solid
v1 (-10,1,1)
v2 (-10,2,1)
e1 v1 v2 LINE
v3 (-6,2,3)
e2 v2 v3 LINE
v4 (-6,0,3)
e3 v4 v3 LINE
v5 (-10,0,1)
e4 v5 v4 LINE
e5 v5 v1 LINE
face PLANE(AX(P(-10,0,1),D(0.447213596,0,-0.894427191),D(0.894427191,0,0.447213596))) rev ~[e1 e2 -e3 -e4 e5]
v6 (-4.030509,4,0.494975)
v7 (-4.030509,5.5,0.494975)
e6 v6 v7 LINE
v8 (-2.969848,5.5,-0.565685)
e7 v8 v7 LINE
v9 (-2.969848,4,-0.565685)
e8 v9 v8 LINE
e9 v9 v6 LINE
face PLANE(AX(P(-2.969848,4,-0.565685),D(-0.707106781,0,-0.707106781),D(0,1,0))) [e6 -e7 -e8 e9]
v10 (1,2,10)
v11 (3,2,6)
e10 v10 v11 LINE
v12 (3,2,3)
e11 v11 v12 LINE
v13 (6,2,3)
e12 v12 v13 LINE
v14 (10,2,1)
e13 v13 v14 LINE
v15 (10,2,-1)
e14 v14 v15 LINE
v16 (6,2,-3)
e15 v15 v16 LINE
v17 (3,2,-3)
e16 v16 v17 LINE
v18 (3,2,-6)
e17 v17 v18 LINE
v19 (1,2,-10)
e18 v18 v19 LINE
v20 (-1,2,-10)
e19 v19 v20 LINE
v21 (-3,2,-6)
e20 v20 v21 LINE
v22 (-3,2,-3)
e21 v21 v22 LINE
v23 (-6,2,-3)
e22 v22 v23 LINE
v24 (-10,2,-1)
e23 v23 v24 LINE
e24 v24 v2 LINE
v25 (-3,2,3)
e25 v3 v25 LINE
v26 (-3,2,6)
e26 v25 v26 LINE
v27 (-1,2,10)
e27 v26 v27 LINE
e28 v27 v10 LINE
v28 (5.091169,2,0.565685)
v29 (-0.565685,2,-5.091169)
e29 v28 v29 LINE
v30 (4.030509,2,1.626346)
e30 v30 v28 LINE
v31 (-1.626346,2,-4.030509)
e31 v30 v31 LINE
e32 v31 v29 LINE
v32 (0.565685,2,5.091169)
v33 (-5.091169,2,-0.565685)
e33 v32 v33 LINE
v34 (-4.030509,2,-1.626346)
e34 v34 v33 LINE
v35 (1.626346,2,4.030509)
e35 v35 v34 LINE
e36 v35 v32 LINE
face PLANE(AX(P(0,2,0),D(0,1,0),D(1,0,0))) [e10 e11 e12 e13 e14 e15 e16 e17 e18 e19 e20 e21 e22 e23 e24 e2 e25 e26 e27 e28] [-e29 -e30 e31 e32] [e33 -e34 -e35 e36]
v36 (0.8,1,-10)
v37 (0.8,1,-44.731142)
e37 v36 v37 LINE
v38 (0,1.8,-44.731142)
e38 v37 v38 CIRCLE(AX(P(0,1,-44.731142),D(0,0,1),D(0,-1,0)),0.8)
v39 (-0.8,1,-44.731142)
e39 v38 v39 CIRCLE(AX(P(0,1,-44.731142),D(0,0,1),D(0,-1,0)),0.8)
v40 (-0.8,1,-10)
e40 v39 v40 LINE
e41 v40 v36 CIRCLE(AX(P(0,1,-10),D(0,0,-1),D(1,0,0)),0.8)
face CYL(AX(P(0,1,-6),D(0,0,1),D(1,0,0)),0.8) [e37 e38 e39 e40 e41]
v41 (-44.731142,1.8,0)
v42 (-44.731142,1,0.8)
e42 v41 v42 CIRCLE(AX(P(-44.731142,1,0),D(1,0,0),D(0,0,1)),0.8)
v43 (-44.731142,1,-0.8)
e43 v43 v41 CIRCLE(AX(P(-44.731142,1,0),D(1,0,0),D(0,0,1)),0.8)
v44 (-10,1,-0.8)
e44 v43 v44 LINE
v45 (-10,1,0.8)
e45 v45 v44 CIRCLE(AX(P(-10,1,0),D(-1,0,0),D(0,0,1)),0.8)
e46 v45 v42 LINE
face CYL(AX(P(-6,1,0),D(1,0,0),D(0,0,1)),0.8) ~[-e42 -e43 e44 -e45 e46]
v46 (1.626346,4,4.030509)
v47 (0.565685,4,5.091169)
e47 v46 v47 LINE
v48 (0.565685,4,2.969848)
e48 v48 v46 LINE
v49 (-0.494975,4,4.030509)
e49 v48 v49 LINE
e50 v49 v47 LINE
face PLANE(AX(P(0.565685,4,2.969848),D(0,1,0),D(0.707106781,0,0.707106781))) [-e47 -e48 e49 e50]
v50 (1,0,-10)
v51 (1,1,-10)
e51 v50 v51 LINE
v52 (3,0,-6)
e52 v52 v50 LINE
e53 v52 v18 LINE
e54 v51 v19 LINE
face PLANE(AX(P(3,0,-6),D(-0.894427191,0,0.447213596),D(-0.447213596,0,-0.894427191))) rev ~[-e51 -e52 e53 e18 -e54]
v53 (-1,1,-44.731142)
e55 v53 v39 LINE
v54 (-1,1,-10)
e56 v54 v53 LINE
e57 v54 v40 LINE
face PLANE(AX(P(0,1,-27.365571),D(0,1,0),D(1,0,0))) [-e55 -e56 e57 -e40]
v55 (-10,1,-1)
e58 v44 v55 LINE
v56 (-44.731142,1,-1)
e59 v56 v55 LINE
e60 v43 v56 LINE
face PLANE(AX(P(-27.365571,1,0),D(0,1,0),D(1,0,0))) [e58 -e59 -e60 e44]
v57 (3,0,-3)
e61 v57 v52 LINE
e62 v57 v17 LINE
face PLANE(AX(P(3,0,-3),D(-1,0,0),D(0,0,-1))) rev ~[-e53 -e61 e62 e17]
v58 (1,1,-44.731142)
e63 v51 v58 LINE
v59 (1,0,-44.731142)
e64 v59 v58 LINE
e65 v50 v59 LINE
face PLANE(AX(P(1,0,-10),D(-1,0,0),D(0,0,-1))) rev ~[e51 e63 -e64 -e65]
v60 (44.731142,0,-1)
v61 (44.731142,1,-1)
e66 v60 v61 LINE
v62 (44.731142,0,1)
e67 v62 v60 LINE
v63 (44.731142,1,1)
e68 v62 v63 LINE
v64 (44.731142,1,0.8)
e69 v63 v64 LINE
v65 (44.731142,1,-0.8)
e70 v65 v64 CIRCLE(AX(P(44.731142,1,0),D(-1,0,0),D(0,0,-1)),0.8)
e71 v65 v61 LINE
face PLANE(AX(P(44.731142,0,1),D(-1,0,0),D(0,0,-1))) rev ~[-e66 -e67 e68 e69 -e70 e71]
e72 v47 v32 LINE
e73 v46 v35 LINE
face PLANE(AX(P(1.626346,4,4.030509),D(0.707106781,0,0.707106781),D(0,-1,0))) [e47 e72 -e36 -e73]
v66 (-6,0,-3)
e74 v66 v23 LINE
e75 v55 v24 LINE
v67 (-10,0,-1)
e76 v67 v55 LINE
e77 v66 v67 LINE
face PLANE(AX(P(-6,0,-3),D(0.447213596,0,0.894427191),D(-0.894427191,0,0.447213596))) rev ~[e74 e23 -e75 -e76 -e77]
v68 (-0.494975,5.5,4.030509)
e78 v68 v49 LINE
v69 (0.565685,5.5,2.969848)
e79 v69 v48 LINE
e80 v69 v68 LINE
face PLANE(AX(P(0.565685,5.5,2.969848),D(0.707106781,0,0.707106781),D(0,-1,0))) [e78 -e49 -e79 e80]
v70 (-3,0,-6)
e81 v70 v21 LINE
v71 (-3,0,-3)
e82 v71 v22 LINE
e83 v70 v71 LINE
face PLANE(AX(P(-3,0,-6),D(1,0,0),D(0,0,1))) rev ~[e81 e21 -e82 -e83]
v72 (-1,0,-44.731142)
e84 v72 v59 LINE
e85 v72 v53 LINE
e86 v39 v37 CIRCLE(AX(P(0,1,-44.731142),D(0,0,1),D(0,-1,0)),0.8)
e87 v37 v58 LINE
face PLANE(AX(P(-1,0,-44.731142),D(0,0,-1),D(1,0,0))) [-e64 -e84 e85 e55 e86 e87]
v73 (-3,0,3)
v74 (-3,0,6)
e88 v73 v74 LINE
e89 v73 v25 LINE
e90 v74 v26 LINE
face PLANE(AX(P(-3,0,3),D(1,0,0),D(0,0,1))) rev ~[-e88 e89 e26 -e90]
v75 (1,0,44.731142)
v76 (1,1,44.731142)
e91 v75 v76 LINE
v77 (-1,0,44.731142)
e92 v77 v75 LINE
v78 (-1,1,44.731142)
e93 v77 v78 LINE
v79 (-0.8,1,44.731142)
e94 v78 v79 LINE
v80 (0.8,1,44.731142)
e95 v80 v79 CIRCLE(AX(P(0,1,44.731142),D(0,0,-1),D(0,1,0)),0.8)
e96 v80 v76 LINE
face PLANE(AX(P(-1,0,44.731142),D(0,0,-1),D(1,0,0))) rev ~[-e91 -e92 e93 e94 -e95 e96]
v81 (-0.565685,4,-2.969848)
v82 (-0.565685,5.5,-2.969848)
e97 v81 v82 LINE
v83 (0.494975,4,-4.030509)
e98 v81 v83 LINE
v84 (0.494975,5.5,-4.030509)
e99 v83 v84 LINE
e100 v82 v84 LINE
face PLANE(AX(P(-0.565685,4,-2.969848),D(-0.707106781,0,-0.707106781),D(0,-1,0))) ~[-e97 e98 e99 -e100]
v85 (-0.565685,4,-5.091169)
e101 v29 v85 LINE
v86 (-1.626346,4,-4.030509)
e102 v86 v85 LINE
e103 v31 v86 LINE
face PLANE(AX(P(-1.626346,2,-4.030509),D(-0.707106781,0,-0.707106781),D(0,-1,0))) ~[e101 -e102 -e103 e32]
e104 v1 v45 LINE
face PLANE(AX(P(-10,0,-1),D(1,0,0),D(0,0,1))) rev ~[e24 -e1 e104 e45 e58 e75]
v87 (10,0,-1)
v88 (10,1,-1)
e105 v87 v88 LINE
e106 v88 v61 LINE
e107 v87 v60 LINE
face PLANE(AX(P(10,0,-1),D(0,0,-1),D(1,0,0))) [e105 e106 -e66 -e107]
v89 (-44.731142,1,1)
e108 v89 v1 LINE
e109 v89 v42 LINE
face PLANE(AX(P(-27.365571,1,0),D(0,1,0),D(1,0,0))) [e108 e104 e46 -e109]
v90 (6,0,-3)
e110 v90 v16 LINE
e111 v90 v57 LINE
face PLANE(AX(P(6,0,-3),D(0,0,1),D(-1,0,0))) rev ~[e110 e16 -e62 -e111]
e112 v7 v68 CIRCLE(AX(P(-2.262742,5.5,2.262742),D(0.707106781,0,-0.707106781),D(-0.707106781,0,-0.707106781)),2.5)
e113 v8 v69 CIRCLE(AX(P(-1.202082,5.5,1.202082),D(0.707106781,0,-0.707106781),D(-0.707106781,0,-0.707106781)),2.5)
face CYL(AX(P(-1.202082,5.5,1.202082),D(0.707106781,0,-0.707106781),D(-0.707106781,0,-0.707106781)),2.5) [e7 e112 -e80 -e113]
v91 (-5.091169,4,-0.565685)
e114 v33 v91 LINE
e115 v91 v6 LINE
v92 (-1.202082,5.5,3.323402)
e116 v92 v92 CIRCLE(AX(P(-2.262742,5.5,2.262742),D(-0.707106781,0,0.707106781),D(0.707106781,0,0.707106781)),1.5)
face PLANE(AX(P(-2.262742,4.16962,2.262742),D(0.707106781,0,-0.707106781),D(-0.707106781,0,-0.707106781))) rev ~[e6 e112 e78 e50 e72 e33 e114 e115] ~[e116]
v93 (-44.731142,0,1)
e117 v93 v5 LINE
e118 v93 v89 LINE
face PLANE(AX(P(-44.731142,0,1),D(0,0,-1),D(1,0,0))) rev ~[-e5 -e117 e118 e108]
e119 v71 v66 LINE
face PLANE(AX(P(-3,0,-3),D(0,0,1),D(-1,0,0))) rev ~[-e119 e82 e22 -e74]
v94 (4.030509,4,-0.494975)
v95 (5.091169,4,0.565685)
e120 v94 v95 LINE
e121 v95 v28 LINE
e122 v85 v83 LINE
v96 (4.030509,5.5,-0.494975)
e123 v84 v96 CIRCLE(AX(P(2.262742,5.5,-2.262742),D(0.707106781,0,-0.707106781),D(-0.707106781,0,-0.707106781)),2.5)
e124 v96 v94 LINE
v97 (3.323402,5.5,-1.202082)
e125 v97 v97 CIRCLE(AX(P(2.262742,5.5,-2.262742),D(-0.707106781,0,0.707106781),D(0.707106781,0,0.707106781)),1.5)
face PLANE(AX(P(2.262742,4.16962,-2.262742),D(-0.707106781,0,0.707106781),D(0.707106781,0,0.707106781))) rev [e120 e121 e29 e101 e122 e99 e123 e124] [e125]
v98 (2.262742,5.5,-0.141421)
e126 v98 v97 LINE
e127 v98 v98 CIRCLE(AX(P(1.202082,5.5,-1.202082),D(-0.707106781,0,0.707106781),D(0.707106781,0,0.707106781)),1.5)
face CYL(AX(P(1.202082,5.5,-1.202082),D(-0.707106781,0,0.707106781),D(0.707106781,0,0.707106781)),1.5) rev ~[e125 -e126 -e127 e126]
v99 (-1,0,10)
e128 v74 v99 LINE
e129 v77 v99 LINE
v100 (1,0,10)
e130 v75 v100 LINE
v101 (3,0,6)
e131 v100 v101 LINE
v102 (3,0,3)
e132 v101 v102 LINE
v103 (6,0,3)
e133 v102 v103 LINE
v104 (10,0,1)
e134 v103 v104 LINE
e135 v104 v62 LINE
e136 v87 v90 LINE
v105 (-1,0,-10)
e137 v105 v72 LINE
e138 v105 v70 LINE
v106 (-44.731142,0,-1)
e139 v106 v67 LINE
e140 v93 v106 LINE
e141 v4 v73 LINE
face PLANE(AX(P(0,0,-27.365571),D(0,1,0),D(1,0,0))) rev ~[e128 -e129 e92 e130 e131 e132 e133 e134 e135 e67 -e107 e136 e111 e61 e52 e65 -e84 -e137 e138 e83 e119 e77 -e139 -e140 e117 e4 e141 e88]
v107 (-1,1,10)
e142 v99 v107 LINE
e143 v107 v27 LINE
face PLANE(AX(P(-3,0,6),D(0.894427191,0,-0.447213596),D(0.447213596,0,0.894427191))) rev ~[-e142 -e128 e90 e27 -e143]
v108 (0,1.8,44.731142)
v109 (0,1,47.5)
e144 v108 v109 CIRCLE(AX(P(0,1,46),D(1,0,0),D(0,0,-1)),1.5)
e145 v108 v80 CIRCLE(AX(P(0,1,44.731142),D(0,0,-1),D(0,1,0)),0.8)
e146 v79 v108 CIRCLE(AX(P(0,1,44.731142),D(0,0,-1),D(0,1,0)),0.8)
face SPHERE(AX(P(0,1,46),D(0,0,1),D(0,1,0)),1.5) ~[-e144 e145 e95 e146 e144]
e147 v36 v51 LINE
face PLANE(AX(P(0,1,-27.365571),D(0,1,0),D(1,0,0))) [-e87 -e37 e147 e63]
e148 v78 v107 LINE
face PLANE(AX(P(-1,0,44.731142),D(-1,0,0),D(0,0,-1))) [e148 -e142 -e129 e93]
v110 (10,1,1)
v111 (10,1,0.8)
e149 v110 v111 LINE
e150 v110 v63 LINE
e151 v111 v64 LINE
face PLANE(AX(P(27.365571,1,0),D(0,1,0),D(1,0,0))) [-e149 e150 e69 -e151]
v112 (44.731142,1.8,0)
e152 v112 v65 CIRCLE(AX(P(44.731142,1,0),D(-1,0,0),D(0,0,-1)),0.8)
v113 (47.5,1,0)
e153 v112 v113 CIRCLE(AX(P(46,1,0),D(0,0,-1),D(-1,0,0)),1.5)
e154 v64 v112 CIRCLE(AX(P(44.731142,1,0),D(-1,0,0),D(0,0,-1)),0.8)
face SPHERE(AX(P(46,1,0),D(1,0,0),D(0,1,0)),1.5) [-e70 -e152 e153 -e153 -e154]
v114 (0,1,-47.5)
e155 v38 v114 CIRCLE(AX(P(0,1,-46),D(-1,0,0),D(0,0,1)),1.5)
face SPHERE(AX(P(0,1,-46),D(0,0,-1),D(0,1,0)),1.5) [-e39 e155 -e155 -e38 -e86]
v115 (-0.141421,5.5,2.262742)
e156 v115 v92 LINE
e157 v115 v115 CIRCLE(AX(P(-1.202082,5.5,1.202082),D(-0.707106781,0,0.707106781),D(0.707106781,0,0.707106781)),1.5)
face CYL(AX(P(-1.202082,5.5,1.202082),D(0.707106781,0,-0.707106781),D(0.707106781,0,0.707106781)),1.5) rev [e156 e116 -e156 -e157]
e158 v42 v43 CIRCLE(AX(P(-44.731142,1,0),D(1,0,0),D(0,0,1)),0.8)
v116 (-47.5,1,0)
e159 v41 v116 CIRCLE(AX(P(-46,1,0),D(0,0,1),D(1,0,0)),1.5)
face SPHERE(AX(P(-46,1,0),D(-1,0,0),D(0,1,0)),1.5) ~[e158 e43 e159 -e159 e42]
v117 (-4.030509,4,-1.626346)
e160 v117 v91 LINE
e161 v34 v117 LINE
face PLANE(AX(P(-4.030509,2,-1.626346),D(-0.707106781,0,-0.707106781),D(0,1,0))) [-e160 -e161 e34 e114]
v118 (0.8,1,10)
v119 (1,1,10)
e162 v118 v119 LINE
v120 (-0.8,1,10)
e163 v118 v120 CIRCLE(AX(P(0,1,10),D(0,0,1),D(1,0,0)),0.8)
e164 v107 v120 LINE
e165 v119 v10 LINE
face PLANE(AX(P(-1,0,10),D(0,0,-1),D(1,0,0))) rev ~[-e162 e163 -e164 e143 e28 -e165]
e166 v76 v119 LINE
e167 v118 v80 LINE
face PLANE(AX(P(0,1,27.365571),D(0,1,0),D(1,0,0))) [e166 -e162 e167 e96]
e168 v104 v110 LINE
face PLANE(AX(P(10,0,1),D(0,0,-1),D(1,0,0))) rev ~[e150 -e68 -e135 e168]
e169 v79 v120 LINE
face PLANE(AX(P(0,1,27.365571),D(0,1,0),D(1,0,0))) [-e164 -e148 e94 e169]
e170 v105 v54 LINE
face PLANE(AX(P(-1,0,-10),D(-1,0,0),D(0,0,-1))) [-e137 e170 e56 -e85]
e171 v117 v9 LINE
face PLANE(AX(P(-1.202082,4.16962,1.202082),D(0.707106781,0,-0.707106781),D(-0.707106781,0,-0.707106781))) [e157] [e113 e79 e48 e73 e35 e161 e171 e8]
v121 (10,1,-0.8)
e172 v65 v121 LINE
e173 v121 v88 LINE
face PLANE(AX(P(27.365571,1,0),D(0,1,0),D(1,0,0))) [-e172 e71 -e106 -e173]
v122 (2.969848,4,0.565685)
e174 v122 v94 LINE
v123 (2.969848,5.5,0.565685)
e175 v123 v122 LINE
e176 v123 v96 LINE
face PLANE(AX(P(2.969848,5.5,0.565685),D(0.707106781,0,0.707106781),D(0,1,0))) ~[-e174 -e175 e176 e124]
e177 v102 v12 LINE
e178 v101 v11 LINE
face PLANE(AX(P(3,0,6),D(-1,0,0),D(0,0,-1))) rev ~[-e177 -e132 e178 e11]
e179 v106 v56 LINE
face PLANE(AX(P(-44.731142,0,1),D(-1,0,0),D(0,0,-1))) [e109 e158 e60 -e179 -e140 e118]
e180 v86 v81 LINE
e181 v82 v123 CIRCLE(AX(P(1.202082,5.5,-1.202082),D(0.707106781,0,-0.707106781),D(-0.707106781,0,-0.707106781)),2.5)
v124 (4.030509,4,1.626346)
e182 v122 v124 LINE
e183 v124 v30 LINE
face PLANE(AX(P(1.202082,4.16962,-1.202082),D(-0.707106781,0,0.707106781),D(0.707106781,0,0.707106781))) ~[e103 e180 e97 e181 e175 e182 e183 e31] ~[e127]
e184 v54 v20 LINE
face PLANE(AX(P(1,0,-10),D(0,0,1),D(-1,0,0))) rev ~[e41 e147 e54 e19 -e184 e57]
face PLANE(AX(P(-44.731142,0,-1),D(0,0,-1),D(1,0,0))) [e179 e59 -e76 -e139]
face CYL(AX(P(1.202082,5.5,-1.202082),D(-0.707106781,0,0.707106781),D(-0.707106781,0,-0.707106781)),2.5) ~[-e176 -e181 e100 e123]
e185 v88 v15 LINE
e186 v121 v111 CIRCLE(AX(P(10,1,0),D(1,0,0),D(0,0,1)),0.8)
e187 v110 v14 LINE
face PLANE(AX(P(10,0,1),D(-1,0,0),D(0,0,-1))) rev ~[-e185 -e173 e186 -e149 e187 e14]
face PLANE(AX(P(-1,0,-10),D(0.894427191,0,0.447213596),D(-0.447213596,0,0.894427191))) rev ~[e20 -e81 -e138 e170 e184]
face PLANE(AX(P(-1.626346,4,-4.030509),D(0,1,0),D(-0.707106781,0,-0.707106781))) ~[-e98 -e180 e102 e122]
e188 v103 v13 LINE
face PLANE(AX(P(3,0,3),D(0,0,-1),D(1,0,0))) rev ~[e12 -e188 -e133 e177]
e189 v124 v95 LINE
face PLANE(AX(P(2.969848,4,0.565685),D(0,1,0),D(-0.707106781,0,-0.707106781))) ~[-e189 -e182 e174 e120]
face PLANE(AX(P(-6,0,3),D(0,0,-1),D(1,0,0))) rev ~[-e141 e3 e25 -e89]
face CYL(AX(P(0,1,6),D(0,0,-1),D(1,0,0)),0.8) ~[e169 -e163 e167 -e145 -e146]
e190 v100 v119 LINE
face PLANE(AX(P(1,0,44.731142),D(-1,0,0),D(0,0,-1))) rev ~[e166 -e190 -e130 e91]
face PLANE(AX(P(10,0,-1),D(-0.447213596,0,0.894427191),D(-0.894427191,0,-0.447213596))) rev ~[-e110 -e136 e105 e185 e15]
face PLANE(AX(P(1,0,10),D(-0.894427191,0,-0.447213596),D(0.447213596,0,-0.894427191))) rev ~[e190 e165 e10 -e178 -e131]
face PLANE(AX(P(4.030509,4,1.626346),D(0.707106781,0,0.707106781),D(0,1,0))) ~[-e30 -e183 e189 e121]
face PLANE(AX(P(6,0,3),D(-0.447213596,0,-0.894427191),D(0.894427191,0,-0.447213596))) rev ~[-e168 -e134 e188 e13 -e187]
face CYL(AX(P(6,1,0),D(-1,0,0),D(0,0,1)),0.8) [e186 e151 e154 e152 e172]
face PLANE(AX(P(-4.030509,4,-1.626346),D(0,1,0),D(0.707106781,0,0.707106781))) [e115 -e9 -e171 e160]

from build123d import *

# Parameters (mm, degrees)
EXTRUDE_1_DEPTH     = 2
SKETCH_2_R          = 0.8
CUT_EXTRUDE_1_DEPTH = 4
SKETCH_3_R          = 0.8
CUT_EXTRUDE_2_DEPTH = 4
SKETCH_4_R          = 0.8
CUT_EXTRUDE_3_DEPTH = 4
SKETCH_5_R          = 0.8
CUT_EXTRUDE_4_DEPTH = 4
SKETCH_9_R          = 1.5
EXTRUDE_2_DEPTH     = 1.5
SKETCH_10_R         = 0.8
EXTRUDE_3_DEPTH     = 40
SKETCH_11_R         = 0.8
EXTRUDE_4_DEPTH     = 40
SKETCH_15_W         = 2
SKETCH_15_H         = 34.731142246
SKETCH_15_W_2       = 34.731142246
SKETCH_15_H_2       = 2
EXTRUDE_6_DEPTH     = 1


with BuildPart() as part:
    # 草图1 → 凸台-拉伸1 (new body)
    with BuildSketch(Plane(origin=(0, 0, 0), x_dir=(1, 0, 0), z_dir=(0, 1, 0))):
        Polygon((3, -3), (6, -3), (10, -1), (10, 1), (6, 3), (3, 3), (3, 6), (1, 10), (-1, 10), (-3, 6), (-3, 3), (-6, 3), (-10, 1), (-10, -1), (-6, -3), (-3, -3), (-3, -6), (-1, -10), (1, -10), (3, -6), align=None)
    extrude(amount=EXTRUDE_1_DEPTH)

    # 草图2 → 切除-拉伸1 (cut)
    with BuildSketch(Plane.XY.offset(10)):
        with Locations((0, 1)):
            Circle(SKETCH_2_R)
    extrude(amount=-CUT_EXTRUDE_1_DEPTH, mode=Mode.SUBTRACT)

    # 草图3 → 切除-拉伸2 (cut)
    with BuildSketch(Plane(origin=(10, 0, 0), x_dir=(0, 0, -1), z_dir=(1, 0, 0))):
        with Locations((0, 1)):
            Circle(SKETCH_3_R)
    extrude(amount=-CUT_EXTRUDE_2_DEPTH, mode=Mode.SUBTRACT)

    # 草图4 → 切除-拉伸3 (cut)
    with BuildSketch(Plane(origin=(0, 0, -10), x_dir=(-1, 0, 0), z_dir=(0, 0, -1))):
        with Locations((0, 1)):
            Circle(SKETCH_4_R)
    extrude(amount=-CUT_EXTRUDE_3_DEPTH, mode=Mode.SUBTRACT)

    # 草图5 → 切除-拉伸4 (cut)
    with BuildSketch(Plane.ZY.offset(10)):
        with Locations((0, 1)):
            Circle(SKETCH_5_R)
    extrude(amount=-CUT_EXTRUDE_4_DEPTH, mode=Mode.SUBTRACT)

    # 草图9 → 凸台-拉伸2 (add)
    with BuildSketch(Plane(origin=(-1.202081528, 0, 1.202081528), x_dir=(0.707106781, 0, 0.707106781), z_dir=(-0.707106781, 0, 0.707106781))):
        with BuildLine():
            Line((2.5, 5.5), (2.5, 4))
            Line((2.5, 4), (4, 4))
            Line((4, 4), (4, 2))
            Line((4, 2), (-4, 2))
            Line((-4, 2), (-4, 4))
            Line((-4, 4), (-2.5, 4))
            Line((-2.5, 4), (-2.5, 5.5))
            ThreePointArc((-2.5, 5.5), (0, 8), (2.5, 5.5))
        make_face()
        with Locations((0, 5.5)):
            Circle(SKETCH_9_R, mode=Mode.SUBTRACT)
    extrude_2 = extrude(amount=EXTRUDE_2_DEPTH)

    # 镜向1: 凸台-拉伸2 across plane
    add(extrude_2.mirror(Plane(origin=(0, 0, 0), x_dir=(0.707106781, 0, 0.707106781), z_dir=(-0.707106781, 0, 0.707106781))))

    # 草图10 → 凸台-拉伸3 (add)
    with BuildSketch(Plane.ZY.offset(6)):
        with Locations((0, 1)):
            Circle(SKETCH_10_R)
    extrude_3 = extrude(amount=EXTRUDE_3_DEPTH)

    # 草图11 → 凸台-拉伸4 (add)
    with BuildSketch(Plane.XY.offset(6)):
        with Locations((0, 1)):
            Circle(SKETCH_11_R)
    extrude_4 = extrude(amount=EXTRUDE_4_DEPTH)

    # 镜向2: 凸台-拉伸4 across plane
    add(extrude_4.mirror(Plane.XY))

    # 镜向3: 凸台-拉伸3 across plane
    add(extrude_3.mirror(Plane(origin=(0, 0, 0), x_dir=(0, 0, 1), z_dir=(1, 0, 0))))

    # 草图12 → 旋转1 (revolve)
    with BuildSketch(Plane(origin=(0, 0, 0), x_dir=(0, 0, -1), z_dir=(1, 0, 0))):
        with BuildLine():
            Line((-47.5, 1), (-44.5, 1))
            ThreePointArc((-44.5, 1), (-46, 2.5), (-47.5, 1))
        make_face()
    revolve_1 = revolve(axis=Axis((0, 1, 47.5), (0, 0, -1)))

    # 草图14 → 旋转2 (revolve)
    with BuildSketch(Plane.XY):
        with BuildLine():
            Line((-47.5, 1), (-44.5, 1))
            ThreePointArc((-44.5, 1), (-46, 2.5), (-47.5, 1))
        make_face()
    revolve_2 = revolve(axis=Axis((-47.5, 1, 0), (1, 0, 0)))

    # 镜向4: 旋转1 across plane
    add(revolve_1.mirror(Plane.XY))

    # 镜向5: 旋转2 across plane
    add(revolve_2.mirror(Plane(origin=(0, 0, 0), x_dir=(0, 0, 1), z_dir=(1, 0, 0))))

    # 草图15 → 凸台-拉伸6 (add)
    with BuildSketch(Plane(origin=(0, 0, 0), x_dir=(1, 0, 0), z_dir=(0, 1, 0))):
        with Locations((0, 27.365571123)):
            Rectangle(SKETCH_15_W, SKETCH_15_H)
        with Locations((27.365571123, 0)):
            Rectangle(SKETCH_15_W_2, SKETCH_15_H_2)
        with Locations((0, -27.365571123)):
            Rectangle(SKETCH_15_W, SKETCH_15_H)
        with Locations((-27.365571123, 0)):
            Rectangle(SKETCH_15_W_2, SKETCH_15_H_2)
    extrude(amount=EXTRUDE_6_DEPTH)


solid = part.part
